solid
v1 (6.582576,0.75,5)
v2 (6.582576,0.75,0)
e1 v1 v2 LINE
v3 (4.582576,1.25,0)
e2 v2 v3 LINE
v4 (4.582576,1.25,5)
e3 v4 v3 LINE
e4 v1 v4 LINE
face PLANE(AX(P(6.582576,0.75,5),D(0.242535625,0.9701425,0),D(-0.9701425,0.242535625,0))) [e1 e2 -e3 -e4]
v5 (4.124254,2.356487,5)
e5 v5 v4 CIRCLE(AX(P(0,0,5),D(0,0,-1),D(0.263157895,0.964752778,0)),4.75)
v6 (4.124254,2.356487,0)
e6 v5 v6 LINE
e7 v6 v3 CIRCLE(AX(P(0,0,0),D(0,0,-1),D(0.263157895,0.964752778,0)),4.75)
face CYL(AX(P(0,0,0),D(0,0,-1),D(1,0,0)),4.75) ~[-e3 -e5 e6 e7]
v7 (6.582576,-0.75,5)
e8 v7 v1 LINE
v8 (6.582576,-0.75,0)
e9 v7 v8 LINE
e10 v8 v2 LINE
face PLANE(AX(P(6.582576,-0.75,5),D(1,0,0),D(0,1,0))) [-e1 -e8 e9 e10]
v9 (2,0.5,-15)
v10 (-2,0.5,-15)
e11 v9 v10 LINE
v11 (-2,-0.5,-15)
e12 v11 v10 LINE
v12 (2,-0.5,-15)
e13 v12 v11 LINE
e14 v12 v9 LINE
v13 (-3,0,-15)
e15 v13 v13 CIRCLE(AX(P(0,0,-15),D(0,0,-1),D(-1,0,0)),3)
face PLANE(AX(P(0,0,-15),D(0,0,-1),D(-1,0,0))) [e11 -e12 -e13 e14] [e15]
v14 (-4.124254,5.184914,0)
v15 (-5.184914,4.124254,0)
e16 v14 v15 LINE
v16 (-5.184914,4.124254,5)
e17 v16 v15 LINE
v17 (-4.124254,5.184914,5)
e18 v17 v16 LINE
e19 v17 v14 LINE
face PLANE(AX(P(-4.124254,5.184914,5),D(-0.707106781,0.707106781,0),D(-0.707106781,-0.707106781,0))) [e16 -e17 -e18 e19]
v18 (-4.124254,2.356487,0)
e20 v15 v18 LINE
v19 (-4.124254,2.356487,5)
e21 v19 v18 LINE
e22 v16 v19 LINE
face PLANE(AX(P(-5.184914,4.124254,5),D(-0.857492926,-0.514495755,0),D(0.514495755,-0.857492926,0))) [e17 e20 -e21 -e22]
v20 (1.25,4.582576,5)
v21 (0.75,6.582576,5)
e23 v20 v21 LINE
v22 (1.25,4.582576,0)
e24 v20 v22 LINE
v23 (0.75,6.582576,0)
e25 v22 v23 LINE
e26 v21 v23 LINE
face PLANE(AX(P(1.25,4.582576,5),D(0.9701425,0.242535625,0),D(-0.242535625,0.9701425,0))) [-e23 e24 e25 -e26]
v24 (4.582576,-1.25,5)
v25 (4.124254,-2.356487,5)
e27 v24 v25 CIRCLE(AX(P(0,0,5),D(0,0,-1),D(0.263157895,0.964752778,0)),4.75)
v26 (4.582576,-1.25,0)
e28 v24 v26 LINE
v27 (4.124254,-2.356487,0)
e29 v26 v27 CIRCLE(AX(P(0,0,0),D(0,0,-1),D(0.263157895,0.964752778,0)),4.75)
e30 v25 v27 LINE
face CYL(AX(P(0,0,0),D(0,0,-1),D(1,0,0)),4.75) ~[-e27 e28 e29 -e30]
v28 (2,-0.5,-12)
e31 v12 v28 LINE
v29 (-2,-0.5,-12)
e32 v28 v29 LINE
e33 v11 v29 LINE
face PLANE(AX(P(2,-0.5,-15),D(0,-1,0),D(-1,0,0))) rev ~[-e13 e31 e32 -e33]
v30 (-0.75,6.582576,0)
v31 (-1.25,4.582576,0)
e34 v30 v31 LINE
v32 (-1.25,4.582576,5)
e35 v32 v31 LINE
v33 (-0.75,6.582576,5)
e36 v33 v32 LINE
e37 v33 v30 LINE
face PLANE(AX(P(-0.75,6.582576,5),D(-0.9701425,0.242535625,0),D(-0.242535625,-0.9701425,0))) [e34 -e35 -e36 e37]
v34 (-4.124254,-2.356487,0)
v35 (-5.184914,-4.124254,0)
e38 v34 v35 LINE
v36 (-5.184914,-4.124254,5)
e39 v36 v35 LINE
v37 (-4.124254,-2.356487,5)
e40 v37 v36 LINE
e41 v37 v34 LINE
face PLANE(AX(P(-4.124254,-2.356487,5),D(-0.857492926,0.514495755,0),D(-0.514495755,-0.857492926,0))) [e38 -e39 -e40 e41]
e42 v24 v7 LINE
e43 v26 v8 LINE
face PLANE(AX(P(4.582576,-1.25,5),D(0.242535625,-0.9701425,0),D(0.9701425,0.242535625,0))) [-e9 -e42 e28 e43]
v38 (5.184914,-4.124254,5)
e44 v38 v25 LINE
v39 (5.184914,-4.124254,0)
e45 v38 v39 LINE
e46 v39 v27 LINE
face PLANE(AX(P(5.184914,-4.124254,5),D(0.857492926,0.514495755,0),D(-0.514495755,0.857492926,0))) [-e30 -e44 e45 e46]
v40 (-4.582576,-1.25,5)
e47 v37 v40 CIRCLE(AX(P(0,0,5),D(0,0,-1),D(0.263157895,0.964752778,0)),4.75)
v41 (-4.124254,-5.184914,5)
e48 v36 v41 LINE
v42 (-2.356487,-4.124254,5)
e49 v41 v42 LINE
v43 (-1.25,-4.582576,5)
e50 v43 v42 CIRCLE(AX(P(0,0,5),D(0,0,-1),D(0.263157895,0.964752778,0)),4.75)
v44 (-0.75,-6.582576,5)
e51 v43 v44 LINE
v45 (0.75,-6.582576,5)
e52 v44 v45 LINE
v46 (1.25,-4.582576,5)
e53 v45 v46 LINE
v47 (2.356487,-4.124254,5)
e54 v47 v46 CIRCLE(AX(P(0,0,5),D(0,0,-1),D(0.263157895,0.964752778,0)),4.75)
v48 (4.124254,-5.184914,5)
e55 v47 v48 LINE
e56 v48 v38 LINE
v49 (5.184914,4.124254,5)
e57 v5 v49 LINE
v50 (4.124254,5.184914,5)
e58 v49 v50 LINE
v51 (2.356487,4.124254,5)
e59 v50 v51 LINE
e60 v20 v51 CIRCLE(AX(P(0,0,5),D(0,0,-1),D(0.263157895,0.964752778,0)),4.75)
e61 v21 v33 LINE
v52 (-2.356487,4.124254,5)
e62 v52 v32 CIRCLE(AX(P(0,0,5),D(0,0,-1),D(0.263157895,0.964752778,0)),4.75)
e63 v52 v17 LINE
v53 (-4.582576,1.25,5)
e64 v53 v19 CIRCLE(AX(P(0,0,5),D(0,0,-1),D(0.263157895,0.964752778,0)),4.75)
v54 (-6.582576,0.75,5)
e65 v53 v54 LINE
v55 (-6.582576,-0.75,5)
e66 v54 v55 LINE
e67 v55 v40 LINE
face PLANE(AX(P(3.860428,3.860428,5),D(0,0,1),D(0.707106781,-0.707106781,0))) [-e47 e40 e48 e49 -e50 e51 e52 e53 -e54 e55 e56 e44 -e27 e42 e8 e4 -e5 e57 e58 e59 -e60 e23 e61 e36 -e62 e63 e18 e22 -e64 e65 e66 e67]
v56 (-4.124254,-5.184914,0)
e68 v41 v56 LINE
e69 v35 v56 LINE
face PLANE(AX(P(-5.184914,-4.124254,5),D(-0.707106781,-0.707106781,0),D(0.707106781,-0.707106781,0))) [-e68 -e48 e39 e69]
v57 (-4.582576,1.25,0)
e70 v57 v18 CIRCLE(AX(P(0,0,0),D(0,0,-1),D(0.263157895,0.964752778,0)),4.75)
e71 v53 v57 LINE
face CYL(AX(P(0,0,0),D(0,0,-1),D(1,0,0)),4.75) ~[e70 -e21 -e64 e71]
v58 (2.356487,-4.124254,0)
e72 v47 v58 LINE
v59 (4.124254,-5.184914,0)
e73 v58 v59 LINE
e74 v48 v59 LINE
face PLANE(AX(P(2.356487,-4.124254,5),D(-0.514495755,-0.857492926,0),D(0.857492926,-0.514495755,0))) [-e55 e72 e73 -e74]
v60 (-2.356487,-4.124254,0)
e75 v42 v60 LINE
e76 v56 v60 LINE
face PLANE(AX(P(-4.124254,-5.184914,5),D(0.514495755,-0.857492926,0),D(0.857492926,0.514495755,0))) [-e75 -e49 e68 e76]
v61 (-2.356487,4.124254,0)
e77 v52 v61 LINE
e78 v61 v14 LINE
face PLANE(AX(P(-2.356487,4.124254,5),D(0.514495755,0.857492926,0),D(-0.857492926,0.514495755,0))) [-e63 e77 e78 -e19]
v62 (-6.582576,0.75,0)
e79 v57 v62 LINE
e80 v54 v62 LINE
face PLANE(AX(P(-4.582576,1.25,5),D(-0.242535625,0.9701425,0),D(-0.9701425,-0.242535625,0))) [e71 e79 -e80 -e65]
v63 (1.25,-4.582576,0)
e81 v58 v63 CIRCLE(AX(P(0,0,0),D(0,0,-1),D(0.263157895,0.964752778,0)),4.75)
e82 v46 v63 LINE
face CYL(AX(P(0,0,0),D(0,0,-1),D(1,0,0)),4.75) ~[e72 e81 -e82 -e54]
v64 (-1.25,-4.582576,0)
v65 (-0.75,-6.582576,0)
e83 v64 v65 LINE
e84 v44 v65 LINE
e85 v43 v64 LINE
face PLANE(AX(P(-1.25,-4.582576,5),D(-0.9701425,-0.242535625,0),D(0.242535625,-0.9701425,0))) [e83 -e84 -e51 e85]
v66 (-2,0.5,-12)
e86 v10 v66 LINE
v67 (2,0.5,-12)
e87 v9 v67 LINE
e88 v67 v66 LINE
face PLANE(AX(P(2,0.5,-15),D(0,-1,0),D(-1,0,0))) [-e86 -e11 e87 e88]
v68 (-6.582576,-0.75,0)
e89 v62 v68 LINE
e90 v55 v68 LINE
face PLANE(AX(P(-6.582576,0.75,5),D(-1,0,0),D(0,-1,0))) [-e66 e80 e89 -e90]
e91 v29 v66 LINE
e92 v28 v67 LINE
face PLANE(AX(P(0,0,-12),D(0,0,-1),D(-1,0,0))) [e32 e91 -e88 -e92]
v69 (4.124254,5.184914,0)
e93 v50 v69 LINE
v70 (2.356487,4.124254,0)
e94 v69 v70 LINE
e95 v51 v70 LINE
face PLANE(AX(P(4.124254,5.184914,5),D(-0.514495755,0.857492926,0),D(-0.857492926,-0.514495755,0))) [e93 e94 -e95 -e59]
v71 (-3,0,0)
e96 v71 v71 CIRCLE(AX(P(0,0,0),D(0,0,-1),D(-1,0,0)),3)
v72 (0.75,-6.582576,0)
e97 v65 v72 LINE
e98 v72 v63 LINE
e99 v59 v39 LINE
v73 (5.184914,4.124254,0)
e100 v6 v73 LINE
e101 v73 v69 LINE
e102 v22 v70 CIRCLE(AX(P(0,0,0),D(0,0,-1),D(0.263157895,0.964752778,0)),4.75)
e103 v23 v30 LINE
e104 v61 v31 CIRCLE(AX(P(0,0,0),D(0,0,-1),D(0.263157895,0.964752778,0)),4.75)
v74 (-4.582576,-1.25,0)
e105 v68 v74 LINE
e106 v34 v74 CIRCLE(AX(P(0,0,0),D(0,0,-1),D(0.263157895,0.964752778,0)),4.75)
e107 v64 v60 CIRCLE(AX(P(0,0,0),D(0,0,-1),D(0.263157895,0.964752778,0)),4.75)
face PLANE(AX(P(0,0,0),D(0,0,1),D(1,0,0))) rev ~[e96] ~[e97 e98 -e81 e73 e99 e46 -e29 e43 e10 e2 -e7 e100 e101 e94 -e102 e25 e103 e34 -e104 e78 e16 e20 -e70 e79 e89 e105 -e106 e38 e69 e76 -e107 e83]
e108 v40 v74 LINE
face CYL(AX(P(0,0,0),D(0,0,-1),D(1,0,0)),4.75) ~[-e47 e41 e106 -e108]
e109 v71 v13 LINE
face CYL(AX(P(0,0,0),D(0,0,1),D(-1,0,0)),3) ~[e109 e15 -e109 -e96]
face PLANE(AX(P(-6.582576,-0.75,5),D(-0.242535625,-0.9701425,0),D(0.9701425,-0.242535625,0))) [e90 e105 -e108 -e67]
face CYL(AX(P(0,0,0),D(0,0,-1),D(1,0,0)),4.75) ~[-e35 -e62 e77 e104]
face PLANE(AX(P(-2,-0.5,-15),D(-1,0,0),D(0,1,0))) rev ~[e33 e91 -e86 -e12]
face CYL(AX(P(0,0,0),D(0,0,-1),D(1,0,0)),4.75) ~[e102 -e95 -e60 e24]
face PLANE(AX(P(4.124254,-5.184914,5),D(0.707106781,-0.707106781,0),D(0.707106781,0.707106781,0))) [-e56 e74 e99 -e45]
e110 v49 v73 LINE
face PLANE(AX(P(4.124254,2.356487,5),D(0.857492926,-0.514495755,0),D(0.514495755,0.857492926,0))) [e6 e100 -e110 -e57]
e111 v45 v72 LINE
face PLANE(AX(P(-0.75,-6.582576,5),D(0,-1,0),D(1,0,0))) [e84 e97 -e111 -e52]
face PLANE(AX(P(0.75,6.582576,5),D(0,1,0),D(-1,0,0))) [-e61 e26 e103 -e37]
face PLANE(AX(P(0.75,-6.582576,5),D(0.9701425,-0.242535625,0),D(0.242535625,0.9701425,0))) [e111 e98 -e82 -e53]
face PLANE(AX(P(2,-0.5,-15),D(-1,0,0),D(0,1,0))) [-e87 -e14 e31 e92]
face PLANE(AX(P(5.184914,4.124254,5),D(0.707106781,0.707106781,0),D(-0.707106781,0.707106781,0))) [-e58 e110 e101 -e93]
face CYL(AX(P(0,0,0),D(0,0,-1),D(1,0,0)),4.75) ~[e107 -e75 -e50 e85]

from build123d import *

# Parameters (mm, degrees)
ESQUISSE1_R                  = 4.75
MAIN_EXTRUSION_DEPTH         = 5
GEAR_ELEMENT_DEPTH           = 5
R_P_TITION_CIRCULAIRE1_COUNT = 8
ESQUISSE3_R                  = 3
MAIN_AXE_DEPTH               = 15
ESQUISSE4_W                  = 4
ESQUISSE4_H                  = 1
AXE_TRAIT_DEPTH              = 3


with BuildPart() as part:
    # Esquisse1 → Main Extrusion (new body)
    with BuildSketch(Plane.XY):
        Circle(ESQUISSE1_R)
    extrude(amount=MAIN_EXTRUSION_DEPTH)

    # Esquisse2 → Gear Element (add)
    with BuildSketch(Plane.XY.offset(5)):
        Polygon((-1.25, 4.582575695), (1.25, 4.582575695), (0.75, 6.582575695), (-0.75, 6.582575695), align=None)
    gear_element = extrude(amount=-GEAR_ELEMENT_DEPTH)

    # Répétition circulaire1: Gear Element ×8 about axis
    r_p_tition_circulaire1_axis = Axis((0, 0, 0), (0, 0, 1))
    for i in range(1, R_P_TITION_CIRCULAIRE1_COUNT):
        add(gear_element.rotate(r_p_tition_circulaire1_axis, i * 360 / R_P_TITION_CIRCULAIRE1_COUNT))

    # Esquisse3 → Main Axe (add)
    with BuildSketch(Plane(origin=(0, 0, 0), x_dir=(-1, 0, 0), z_dir=(0, 0, -1))):
        Circle(ESQUISSE3_R)
    extrude(amount=MAIN_AXE_DEPTH)

    # Esquisse4 → Axe Trait (cut)
    with BuildSketch(Plane(origin=(0, 0, -15), x_dir=(-1, 0, 0), z_dir=(0, 0, -1))):
        Rectangle(ESQUISSE4_W, ESQUISSE4_H)
    extrude(amount=-AXE_TRAIT_DEPTH, mode=Mode.SUBTRACT)


solid = part.part
